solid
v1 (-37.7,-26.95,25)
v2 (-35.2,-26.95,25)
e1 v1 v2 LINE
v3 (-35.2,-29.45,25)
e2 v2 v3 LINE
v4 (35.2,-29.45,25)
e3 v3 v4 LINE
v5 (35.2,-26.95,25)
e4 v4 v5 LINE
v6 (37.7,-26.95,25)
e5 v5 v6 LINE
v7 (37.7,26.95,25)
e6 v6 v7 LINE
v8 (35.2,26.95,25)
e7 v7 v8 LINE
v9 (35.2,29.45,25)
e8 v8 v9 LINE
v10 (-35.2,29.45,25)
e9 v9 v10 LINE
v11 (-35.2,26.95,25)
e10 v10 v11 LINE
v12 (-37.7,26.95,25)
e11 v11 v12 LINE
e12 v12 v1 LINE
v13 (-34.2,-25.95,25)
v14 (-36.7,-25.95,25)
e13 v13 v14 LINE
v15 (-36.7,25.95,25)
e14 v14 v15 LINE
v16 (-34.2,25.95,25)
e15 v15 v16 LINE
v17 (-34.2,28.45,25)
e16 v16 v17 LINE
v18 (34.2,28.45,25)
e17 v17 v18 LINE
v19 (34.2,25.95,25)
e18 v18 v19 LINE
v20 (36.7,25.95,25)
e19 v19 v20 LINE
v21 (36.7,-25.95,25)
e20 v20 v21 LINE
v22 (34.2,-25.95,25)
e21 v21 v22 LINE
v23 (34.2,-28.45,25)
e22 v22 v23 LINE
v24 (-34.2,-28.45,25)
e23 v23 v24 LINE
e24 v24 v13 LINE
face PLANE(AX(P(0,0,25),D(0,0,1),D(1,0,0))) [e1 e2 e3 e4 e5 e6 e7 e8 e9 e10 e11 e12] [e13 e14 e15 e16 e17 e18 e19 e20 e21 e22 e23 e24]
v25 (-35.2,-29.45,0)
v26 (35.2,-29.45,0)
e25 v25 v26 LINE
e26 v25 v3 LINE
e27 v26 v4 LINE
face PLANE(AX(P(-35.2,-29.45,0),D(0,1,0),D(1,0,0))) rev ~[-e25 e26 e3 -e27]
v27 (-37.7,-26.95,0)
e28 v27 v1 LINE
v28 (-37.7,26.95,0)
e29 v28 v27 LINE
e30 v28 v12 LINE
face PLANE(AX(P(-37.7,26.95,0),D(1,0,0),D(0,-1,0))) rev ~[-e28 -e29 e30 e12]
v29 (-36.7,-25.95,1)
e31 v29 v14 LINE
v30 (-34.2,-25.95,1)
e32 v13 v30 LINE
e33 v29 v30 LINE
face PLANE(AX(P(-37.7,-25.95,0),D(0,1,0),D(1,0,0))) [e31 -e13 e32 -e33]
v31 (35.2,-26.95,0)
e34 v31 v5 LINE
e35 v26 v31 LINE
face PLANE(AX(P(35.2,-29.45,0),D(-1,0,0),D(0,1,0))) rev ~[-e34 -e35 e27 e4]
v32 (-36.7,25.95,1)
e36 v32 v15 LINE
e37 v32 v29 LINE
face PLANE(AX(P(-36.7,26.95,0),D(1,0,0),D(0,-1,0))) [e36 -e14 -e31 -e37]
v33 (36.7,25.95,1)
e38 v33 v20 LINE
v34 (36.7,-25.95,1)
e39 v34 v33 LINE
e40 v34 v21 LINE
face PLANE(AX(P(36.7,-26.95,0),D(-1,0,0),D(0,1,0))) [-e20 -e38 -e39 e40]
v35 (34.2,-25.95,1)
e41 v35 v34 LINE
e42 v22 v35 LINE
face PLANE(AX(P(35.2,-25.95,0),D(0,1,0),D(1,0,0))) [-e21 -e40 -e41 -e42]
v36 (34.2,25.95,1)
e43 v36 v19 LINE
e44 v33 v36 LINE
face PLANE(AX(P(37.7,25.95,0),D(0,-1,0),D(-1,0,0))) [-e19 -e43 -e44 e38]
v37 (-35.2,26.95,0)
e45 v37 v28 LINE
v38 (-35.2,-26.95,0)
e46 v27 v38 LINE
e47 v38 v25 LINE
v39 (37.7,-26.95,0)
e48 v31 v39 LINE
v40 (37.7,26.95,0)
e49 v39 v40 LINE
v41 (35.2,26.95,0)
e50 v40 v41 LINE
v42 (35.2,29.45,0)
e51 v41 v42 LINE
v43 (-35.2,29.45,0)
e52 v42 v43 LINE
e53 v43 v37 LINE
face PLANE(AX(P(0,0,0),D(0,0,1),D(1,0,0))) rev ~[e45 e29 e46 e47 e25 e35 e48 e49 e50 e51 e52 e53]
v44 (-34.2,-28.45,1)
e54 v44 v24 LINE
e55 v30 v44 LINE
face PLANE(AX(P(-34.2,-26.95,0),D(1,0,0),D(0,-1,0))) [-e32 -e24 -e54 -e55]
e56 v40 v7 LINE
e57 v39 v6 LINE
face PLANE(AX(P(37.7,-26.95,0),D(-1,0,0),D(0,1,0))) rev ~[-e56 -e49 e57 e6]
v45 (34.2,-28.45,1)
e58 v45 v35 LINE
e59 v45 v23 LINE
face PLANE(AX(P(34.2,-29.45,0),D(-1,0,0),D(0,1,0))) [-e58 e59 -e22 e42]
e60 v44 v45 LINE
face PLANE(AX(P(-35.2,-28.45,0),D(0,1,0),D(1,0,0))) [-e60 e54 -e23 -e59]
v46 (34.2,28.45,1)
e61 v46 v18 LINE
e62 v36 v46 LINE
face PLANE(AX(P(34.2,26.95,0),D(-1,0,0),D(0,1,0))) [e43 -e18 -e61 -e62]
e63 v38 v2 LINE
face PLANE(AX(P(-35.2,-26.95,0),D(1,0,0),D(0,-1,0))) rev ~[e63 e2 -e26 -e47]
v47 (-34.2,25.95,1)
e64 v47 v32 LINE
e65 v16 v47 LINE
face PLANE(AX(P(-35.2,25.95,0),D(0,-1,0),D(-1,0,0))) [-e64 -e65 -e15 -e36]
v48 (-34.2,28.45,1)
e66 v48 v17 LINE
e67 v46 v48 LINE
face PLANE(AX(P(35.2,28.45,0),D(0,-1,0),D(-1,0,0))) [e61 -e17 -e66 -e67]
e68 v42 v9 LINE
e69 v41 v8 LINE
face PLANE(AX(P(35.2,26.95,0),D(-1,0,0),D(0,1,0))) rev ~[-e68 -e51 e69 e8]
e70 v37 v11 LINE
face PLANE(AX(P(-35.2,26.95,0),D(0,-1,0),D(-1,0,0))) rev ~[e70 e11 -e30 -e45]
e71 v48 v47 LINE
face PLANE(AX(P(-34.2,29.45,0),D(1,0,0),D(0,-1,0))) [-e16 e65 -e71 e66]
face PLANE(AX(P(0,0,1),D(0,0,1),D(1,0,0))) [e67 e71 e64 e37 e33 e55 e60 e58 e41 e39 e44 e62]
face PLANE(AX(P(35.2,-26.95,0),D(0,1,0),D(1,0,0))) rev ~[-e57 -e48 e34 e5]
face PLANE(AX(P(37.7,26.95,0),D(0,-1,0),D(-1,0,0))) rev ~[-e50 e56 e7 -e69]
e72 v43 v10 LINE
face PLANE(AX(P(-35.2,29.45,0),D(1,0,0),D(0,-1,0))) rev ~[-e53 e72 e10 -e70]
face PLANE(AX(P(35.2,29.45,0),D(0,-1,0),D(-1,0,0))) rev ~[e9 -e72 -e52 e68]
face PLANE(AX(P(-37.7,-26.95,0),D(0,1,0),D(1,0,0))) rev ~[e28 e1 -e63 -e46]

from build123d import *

# Parameters (mm, degrees)
F1_DEPTH = 25
F2_T     = -1


with BuildPart() as f1:
    # F0 (on Top) → F1 (new body)
    with BuildSketch(Plane.XY):
        Polygon((35.2, 26.95), (35.2, 29.45), (-35.2, 29.45), (-35.2, 26.95), (-37.7, 26.95), (-37.7, -26.95), (-35.2, -26.95), (-35.2, -29.45), (35.2, -29.45), (35.2, -26.95), (37.7, -26.95), (37.7, 26.95), align=None)
    extrude(amount=F1_DEPTH)

    # F2
    f2_openings = [f1.faces().sort_by_distance(p)[0] for p in [
        (0, 0, 25),
    ]]
    offset(amount=F2_T, openings=f2_openings, kind=Kind.INTERSECTION)


solid = f1.part
